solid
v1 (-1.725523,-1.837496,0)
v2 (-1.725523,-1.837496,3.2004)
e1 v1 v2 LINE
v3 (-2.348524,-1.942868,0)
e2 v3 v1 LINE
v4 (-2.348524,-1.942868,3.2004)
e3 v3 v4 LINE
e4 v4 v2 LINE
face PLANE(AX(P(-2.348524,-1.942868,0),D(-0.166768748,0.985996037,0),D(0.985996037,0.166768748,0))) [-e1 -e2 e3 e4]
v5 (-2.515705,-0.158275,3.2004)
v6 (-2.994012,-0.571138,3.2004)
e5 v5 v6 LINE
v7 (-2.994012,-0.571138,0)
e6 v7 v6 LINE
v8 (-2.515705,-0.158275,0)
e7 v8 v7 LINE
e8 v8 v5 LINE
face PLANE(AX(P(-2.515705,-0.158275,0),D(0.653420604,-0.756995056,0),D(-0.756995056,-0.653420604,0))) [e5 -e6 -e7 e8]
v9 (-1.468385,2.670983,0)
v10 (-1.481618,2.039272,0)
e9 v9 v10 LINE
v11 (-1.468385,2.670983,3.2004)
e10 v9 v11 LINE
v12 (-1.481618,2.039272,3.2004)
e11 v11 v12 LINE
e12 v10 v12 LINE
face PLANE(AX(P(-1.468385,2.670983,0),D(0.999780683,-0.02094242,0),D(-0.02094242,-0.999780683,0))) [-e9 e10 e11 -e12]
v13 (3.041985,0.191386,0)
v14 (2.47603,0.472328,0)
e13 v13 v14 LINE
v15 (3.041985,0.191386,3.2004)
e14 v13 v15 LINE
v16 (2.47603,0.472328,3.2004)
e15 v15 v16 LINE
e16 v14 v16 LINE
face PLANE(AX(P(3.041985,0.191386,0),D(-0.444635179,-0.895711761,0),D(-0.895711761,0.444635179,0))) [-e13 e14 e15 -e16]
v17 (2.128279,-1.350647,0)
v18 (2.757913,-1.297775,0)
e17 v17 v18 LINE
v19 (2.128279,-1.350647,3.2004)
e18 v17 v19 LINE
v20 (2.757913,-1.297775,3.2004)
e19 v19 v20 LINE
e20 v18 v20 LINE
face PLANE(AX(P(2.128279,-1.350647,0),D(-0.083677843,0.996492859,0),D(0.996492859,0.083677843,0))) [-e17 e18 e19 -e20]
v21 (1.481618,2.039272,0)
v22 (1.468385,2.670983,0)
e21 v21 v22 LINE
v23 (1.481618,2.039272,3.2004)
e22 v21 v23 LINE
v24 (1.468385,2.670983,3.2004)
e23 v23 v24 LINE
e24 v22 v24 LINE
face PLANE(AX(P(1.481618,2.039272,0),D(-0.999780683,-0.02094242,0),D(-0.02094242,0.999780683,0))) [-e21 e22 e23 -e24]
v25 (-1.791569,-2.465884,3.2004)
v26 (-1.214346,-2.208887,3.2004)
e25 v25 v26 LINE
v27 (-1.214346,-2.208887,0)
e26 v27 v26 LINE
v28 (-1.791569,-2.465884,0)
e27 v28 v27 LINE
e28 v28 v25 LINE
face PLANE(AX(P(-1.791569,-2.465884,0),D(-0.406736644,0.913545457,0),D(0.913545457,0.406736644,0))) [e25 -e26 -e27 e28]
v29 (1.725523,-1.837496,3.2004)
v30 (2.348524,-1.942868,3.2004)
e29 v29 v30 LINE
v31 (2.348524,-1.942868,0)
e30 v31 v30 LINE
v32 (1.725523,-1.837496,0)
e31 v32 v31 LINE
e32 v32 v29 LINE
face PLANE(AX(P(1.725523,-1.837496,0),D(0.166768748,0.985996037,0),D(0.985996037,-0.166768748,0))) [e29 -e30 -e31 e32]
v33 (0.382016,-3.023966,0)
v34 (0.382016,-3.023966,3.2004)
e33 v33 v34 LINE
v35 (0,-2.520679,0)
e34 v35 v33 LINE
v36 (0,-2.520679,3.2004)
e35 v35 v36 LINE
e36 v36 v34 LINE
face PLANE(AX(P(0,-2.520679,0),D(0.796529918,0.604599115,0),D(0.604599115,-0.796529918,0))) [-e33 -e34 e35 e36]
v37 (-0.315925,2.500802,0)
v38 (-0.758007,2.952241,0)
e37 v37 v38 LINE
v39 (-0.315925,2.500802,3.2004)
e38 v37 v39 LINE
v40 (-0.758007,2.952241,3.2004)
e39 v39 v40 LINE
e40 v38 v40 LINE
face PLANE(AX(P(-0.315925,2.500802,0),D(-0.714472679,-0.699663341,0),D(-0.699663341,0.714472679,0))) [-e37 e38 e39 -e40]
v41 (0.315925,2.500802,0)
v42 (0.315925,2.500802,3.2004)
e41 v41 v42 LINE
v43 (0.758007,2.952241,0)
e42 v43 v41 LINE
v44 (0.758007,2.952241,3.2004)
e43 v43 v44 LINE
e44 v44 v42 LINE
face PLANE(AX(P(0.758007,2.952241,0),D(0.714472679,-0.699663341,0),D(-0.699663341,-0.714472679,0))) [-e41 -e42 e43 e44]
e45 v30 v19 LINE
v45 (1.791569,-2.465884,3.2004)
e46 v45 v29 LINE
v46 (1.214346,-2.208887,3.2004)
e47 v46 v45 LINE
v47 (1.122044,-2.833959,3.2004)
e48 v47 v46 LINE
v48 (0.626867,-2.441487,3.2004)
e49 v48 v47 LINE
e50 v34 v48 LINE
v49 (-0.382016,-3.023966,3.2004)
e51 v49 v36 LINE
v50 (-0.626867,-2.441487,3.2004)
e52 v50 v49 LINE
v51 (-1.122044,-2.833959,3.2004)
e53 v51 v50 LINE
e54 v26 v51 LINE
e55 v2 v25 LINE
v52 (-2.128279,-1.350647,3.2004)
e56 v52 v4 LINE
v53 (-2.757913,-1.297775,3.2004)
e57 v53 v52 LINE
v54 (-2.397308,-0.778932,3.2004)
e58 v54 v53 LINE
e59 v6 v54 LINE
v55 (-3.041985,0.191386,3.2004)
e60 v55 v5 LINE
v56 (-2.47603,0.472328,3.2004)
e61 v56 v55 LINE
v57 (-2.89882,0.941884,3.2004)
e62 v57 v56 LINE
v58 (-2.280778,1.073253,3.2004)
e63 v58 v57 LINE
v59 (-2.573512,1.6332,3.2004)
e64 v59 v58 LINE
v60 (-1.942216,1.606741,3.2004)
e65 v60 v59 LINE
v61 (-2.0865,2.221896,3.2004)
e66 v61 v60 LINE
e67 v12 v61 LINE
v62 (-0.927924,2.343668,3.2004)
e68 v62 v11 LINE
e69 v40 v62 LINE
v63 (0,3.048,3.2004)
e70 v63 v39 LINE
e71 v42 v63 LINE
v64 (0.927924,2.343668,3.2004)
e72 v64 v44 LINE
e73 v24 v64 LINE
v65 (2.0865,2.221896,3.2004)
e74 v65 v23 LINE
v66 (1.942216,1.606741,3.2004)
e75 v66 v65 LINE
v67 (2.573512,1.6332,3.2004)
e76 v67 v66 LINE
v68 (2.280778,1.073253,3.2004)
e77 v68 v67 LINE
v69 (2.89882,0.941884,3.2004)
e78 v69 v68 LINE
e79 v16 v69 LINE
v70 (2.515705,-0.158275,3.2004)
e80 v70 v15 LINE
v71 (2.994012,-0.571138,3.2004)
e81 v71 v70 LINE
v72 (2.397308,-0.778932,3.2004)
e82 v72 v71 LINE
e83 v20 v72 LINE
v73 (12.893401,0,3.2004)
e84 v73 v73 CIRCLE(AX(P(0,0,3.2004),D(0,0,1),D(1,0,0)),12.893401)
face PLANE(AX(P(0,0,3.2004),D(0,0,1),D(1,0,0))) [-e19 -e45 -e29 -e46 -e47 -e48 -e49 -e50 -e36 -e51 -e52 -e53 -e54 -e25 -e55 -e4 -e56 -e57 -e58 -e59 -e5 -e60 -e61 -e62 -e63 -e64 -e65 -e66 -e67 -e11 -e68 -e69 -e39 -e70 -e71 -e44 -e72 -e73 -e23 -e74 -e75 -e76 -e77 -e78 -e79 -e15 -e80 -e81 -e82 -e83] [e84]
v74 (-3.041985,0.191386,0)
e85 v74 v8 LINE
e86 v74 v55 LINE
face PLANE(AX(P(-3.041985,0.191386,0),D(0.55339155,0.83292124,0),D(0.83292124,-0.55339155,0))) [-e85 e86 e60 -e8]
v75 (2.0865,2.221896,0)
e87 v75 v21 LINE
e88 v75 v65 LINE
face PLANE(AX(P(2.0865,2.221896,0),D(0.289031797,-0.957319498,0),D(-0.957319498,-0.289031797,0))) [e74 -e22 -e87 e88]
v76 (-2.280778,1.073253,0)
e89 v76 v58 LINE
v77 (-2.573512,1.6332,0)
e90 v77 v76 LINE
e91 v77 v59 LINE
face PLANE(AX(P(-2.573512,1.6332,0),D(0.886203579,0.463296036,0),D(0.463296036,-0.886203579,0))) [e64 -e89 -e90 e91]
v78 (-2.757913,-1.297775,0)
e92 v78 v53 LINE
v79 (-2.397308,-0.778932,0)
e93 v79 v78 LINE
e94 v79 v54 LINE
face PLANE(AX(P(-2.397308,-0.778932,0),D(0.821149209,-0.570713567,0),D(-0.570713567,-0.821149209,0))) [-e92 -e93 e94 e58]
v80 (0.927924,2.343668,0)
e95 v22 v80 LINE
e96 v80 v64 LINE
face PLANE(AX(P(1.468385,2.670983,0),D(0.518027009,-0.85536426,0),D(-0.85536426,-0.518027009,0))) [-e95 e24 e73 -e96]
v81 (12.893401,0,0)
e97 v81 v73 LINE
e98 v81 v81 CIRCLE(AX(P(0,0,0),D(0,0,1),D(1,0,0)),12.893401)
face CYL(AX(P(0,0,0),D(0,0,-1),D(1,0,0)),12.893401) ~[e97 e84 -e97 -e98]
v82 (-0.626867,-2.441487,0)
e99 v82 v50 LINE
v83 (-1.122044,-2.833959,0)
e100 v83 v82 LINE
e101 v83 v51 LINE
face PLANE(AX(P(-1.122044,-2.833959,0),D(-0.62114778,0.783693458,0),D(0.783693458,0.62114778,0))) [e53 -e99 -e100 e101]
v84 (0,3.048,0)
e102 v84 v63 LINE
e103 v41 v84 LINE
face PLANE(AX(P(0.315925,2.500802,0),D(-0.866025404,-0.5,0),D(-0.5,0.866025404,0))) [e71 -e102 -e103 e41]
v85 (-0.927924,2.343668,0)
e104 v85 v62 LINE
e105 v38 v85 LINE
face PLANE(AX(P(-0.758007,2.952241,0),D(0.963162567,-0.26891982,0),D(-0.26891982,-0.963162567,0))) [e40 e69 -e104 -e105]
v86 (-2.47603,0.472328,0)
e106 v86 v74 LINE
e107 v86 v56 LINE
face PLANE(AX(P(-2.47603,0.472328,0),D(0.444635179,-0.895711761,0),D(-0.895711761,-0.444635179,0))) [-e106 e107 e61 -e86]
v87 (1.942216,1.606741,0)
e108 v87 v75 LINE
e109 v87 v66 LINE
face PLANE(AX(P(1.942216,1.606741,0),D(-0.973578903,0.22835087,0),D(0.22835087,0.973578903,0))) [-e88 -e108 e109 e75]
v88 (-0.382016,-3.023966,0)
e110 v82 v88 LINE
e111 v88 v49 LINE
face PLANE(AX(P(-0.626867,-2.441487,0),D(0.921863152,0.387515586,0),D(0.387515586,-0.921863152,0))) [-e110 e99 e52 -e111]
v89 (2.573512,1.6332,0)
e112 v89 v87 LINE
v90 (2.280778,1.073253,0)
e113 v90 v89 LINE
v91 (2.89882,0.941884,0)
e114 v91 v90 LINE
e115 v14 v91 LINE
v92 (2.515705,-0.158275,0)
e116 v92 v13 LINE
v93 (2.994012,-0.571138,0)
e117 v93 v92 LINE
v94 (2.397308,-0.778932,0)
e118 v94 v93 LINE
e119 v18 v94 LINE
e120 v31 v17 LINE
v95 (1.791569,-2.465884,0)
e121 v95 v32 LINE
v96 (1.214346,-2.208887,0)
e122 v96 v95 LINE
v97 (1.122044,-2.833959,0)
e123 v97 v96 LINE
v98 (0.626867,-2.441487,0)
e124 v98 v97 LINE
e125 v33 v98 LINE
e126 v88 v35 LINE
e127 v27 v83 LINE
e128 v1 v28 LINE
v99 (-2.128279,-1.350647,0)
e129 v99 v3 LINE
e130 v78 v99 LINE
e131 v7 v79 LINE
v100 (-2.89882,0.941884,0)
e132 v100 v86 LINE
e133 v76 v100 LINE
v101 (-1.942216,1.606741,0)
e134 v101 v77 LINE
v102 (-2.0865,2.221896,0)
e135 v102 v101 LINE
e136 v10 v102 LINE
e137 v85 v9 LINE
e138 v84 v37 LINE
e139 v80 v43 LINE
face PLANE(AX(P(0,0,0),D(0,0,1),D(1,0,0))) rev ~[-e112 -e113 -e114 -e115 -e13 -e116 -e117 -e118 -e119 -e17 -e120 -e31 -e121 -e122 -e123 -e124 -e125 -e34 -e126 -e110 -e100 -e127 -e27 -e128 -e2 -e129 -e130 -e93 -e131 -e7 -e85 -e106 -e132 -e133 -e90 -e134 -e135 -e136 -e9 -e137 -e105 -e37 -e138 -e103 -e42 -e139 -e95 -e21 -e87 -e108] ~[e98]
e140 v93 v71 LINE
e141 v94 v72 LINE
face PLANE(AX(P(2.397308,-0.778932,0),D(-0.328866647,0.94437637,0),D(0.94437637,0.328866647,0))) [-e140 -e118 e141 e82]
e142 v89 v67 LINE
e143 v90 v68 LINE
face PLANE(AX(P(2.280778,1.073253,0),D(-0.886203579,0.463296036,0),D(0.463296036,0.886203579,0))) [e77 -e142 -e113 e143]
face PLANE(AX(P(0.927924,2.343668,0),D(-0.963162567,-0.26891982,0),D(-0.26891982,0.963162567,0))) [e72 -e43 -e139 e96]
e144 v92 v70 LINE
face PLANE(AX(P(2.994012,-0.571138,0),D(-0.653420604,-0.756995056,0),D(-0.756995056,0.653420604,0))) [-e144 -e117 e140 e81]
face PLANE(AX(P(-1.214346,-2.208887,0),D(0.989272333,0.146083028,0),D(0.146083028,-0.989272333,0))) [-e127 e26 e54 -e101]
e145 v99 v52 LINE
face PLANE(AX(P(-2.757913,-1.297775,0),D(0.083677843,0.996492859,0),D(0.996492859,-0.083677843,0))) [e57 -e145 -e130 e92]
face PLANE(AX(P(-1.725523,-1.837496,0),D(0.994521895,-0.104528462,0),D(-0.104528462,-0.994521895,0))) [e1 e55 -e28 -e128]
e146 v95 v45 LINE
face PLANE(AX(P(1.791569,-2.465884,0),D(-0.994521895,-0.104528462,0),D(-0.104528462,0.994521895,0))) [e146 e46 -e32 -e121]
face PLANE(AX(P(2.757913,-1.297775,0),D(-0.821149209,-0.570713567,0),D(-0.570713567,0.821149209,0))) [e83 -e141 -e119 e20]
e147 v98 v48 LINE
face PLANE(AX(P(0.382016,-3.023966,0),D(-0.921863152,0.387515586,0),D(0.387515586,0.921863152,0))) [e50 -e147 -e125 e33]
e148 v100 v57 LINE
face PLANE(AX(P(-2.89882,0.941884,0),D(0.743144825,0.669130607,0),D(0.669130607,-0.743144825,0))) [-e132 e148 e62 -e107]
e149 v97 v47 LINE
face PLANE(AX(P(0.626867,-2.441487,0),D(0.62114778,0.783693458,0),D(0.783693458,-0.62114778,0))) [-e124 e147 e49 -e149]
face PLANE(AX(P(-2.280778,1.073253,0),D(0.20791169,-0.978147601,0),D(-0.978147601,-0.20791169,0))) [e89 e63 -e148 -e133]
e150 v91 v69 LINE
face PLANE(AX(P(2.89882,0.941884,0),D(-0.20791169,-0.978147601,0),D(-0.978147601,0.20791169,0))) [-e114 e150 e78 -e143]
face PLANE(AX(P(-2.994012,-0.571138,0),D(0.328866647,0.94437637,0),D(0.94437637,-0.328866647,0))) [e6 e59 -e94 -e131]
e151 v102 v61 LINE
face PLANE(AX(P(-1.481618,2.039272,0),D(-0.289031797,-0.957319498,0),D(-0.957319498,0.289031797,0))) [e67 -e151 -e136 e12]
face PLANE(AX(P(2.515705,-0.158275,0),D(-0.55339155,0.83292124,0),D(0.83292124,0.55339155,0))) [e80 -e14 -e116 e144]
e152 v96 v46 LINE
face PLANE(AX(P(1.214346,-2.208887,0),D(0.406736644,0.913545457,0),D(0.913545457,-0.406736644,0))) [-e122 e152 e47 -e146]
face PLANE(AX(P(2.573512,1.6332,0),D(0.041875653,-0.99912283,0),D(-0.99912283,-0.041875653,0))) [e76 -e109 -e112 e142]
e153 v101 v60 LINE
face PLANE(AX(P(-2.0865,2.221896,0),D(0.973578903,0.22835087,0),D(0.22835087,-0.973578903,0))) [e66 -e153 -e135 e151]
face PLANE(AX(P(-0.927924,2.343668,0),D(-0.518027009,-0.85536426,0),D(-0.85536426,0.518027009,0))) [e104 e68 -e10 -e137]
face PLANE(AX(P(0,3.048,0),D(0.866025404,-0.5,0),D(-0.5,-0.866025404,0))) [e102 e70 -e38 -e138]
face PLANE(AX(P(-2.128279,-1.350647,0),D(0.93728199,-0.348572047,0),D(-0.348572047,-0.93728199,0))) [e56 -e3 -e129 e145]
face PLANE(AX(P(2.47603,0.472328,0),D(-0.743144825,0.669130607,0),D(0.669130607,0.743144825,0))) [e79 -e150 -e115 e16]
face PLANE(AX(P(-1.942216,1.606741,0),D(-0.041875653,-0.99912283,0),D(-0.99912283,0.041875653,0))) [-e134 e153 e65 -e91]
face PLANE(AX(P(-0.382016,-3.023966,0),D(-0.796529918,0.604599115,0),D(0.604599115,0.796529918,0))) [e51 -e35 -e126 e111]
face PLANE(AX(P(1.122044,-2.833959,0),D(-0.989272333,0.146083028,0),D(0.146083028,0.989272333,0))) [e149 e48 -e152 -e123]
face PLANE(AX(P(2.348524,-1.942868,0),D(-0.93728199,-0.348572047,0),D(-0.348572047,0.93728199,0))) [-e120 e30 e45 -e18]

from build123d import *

# Parameters (mm, degrees)
SKETCH1_R           = 12.893401015
BOSS_EXTRUDE1_DEPTH = 3.2004


with BuildPart() as part:
    # Sketch1 → Boss-Extrude1 (new body)
    with BuildSketch(Plane.XY):
        Circle(SKETCH1_R)
        Polygon((0, 3.048), (-0.315924789, 2.500802214), (-0.758006776, 2.952241475), (-0.927923651, 2.343667613), (-1.468385199, 2.670982761), (-1.481617658, 2.039271757), (-2.086499579, 2.221896376), (-1.942216178, 1.606740957), (-2.573511517, 1.633200071), (-2.280778112, 1.073252713), (-2.898820262, 0.941883799), (-2.47603037, 0.472328054), (-3.041985468, 0.191385504), (-2.515704533, -0.158274714), (-2.99401154, -0.571138247), (-2.397307729, -0.778932499), (-2.757912856, -1.297775281), (-2.128279263, -1.350647091), (-2.348524364, -1.942868321), (-1.725523184, -1.837495558), (-1.791569449, -2.465883799), (-1.214346137, -2.208887422), (-1.122043637, -2.833958729), (-0.626867256, -2.441486766), (-0.382015696, -3.02396561), (0, -2.520678517), (0.382015696, -3.02396561), (0.626867256, -2.441486766), (1.122043637, -2.833958729), (1.214346137, -2.208887422), (1.791569449, -2.465883799), (1.725523184, -1.837495558), (2.348524364, -1.942868321), (2.128279263, -1.350647091), (2.757912856, -1.297775281), (2.397307729, -0.778932499), (2.99401154, -0.571138247), (2.515704533, -0.158274714), (3.041985468, 0.191385504), (2.47603037, 0.472328054), (2.898820262, 0.941883799), (2.280778112, 1.073252713), (2.573511517, 1.633200071), (1.942216178, 1.606740957), (2.086499579, 2.221896376), (1.481617658, 2.039271757), (1.468385199, 2.670982761), (0.927923651, 2.343667613), (0.758006776, 2.952241475), (0.315924789, 2.500802214), align=None, mode=Mode.SUBTRACT)
    extrude(amount=BOSS_EXTRUDE1_DEPTH)


solid = part.part
